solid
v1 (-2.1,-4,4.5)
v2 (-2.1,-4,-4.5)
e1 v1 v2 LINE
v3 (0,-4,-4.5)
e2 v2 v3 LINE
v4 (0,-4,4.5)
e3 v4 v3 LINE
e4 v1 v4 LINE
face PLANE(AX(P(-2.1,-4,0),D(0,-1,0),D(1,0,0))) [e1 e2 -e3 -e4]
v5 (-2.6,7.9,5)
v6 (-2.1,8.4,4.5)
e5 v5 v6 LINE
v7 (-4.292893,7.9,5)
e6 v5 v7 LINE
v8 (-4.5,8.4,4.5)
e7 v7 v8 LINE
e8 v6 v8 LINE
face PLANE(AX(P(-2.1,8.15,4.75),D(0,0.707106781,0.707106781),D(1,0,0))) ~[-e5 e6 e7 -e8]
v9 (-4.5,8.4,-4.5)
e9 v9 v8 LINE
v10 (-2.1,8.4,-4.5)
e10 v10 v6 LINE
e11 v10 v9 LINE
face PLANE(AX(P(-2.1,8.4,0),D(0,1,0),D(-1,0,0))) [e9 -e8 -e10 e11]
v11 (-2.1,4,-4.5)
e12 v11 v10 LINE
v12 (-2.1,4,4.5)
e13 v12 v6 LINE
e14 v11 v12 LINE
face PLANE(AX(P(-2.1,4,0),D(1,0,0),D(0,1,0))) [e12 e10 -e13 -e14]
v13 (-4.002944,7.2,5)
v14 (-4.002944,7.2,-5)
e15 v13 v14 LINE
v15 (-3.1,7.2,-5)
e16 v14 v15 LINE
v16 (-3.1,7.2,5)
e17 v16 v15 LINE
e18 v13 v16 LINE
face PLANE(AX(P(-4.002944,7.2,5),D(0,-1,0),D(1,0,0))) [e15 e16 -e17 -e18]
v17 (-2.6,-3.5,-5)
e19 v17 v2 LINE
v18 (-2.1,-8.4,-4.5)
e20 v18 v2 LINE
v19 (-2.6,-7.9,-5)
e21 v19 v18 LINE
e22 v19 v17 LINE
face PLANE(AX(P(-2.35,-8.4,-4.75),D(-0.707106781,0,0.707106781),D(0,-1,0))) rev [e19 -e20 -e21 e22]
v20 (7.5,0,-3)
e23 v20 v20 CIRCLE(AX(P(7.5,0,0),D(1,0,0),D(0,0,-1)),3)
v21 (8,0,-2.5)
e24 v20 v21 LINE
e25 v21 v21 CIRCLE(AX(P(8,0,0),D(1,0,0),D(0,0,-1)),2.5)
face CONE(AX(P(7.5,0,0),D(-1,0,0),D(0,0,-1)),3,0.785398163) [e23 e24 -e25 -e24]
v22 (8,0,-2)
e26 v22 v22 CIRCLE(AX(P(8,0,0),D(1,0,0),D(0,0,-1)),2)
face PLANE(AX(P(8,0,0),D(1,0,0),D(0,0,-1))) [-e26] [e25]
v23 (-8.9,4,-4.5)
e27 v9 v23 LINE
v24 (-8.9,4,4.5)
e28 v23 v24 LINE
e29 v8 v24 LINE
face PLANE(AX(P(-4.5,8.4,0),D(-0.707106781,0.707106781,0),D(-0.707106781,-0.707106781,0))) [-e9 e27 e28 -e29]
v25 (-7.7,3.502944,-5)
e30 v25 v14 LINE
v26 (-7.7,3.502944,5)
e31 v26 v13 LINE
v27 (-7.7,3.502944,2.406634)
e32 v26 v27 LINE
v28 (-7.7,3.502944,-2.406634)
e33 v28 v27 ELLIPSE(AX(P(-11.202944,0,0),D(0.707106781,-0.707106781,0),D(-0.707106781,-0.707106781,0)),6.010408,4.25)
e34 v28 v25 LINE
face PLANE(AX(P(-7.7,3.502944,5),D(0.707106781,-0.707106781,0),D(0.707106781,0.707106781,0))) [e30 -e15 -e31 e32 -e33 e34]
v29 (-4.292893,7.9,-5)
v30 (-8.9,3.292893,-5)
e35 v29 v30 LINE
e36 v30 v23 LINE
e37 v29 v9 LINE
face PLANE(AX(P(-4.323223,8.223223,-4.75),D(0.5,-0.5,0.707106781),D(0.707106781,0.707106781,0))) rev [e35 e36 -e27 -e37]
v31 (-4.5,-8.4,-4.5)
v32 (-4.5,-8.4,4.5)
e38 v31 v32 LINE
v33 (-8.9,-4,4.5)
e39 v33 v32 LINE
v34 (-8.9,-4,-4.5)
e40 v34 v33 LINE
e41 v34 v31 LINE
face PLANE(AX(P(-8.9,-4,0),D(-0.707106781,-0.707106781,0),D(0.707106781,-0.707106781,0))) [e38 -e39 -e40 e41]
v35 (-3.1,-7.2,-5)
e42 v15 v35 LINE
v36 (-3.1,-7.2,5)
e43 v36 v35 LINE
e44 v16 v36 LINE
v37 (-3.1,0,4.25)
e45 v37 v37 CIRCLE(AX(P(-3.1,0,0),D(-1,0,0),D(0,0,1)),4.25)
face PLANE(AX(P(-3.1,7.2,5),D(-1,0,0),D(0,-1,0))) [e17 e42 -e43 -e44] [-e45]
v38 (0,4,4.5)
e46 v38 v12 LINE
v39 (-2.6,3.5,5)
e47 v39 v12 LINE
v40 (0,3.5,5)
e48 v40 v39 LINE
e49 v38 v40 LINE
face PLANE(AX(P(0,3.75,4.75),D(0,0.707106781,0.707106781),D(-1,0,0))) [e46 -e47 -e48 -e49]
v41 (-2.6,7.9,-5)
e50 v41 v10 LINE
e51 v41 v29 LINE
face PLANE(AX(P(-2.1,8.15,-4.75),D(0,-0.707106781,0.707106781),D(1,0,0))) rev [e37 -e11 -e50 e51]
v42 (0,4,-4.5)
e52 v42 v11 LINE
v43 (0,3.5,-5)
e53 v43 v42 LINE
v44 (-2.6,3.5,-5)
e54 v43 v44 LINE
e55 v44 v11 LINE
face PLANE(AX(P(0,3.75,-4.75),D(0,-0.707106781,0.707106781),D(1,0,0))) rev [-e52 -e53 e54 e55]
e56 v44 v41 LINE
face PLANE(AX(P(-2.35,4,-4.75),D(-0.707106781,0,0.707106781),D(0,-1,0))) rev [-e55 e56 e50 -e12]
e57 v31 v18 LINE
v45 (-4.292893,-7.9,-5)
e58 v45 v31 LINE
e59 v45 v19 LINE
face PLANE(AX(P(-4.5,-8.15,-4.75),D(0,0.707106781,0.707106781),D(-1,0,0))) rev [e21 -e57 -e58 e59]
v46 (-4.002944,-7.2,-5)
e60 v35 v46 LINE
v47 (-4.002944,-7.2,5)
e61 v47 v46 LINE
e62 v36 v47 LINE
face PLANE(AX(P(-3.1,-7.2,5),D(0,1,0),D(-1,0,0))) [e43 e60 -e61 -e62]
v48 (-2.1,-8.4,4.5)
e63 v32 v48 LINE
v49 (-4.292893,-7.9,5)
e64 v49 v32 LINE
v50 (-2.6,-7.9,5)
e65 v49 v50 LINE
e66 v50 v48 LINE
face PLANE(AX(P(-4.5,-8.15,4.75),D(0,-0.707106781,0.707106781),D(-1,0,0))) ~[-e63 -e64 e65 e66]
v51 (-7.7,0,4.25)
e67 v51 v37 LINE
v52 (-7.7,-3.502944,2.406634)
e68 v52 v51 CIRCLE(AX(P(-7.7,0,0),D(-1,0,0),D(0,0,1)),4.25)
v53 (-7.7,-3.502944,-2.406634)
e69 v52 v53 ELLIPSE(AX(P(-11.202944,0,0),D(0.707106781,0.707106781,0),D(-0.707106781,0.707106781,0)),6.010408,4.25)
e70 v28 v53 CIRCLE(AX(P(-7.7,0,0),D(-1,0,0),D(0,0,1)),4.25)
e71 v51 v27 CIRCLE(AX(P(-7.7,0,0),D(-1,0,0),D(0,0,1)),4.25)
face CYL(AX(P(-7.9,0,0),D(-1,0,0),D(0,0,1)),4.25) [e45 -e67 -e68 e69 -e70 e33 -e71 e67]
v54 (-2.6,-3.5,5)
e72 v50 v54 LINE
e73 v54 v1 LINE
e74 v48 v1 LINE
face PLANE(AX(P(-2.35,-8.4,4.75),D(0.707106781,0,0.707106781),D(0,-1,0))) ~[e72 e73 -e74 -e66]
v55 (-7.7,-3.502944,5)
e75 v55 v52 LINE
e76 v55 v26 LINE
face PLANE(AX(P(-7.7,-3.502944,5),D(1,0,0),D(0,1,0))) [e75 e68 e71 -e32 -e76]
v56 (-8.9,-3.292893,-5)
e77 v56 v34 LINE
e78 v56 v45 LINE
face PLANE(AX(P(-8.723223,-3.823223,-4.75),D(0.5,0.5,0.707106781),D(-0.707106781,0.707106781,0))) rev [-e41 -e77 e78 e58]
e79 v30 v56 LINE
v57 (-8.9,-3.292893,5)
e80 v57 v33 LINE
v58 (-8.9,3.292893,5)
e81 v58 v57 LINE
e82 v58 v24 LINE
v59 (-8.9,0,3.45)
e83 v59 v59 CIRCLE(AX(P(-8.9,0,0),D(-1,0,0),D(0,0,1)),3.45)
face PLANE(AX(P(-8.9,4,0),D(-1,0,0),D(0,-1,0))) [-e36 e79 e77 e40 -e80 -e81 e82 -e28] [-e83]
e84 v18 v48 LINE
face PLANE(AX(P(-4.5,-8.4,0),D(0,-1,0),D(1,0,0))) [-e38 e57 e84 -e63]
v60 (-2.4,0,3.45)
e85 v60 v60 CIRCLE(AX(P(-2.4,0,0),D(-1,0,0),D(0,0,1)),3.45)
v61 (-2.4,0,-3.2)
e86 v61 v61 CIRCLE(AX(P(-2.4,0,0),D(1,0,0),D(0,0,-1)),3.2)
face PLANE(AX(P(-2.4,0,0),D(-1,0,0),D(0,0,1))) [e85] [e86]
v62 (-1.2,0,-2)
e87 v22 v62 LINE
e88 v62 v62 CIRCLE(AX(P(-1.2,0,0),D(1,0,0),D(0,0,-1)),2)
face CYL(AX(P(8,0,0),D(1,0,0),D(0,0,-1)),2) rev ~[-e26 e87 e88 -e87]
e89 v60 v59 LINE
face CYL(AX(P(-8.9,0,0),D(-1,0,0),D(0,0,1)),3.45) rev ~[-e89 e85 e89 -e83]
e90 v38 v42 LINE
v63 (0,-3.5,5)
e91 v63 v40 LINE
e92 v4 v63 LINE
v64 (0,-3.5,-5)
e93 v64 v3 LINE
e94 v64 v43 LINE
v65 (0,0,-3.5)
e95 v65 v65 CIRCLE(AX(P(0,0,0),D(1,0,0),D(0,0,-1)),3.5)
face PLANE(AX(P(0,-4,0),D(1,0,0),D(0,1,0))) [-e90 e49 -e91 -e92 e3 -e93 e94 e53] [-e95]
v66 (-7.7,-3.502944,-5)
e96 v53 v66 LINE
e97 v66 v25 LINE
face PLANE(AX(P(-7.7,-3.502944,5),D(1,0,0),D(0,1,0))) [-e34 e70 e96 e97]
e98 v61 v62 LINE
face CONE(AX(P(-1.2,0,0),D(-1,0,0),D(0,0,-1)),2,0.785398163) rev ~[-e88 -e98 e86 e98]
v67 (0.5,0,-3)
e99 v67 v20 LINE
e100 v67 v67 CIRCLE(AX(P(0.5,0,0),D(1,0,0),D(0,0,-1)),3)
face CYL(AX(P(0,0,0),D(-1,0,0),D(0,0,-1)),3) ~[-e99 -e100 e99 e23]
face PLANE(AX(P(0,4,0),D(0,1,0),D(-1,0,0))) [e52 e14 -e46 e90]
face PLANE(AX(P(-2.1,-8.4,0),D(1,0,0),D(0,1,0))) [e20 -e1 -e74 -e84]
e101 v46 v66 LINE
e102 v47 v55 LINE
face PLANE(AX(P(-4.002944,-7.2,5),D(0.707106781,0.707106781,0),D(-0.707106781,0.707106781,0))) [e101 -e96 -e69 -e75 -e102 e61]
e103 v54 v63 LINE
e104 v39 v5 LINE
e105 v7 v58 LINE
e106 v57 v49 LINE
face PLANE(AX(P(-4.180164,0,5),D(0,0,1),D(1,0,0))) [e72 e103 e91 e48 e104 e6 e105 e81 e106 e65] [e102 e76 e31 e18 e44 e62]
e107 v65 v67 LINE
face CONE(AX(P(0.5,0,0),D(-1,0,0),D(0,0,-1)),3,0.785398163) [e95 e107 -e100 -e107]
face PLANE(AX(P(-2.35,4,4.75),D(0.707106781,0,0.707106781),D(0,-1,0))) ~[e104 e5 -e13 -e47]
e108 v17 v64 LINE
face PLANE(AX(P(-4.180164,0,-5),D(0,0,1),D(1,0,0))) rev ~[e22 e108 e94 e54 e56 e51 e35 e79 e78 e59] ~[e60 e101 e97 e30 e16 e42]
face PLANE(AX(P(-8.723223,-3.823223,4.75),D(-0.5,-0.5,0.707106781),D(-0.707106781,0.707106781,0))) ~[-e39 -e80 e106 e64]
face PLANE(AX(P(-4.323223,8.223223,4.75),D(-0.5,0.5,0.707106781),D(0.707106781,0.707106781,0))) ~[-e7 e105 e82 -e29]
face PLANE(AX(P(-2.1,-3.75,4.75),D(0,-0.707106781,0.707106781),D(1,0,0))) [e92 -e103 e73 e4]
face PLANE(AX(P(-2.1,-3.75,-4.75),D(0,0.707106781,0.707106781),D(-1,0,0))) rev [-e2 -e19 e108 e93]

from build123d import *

# Parameters (mm, degrees)
SALIENTE_EXTRUIR1_DEPTH = 5
CROQUIS2_R              = 3
SALIENTE_EXTRUIR2_DEPTH = 8
CHAFL_N1_SIZE           = 0.5
CROQUIS3_R              = 2
CORTAR_EXTRUIR1_DEPTH   = 17.9
CROQUIS4_R              = 3.45
CORTAR_EXTRUIR2_DEPTH   = 6.5
CORTAR_EXTRUIR3_DEPTH   = 11
CHAFL_N2_SIZE           = 0.5
CHAFL_N3_SIZE           = 1.2
SALIENTE_EXTRUIR3_START = -1
CROQUIS6_R              = 4.25
CROQUIS6_R_2            = 3.45
SALIENTE_EXTRUIR3_DEPTH = 4.8


with BuildPart() as part:
    # Croquis1 → Saliente-Extruir1 (new body, symmetric)
    with BuildSketch(Plane.XY):
        Polygon((0, 4), (-2.1, 4), (-2.1, 8.4), (-4.5, 8.4), (-8.9, 4), (-8.9, -4), (-4.5, -8.4), (-2.1, -8.4), (-2.1, -4), (0, -4), align=None)
    extrude(amount=SALIENTE_EXTRUIR1_DEPTH, both=True)

    # Croquis2 → Saliente-Extruir2 (add)
    with BuildSketch(Plane(origin=(0, 0, 0), x_dir=(0, 0, -1), z_dir=(1, 0, 0))):
        Circle(CROQUIS2_R)
    extrude(amount=SALIENTE_EXTRUIR2_DEPTH)

    # Chaflán1
    chafl_n1_edges = [part.edges().sort_by_distance(p)[0] for p in [
        (0, 0, 3),
        (8, 0, 3),
    ]]
    chamfer(chafl_n1_edges, length=CHAFL_N1_SIZE)

    # Croquis3 → Cortar-Extruir1 (cut, through all)
    with BuildSketch(Plane(origin=(8, 0, 0), x_dir=(0, 0, -1), z_dir=(1, 0, 0))):
        Circle(CROQUIS3_R)
    extrude(amount=-CORTAR_EXTRUIR1_DEPTH, mode=Mode.SUBTRACT)

    # Croquis4 → Cortar-Extruir2 (cut)
    with BuildSketch(Plane.ZY.offset(8.9)):
        Circle(CROQUIS4_R)
    extrude(amount=-CORTAR_EXTRUIR2_DEPTH, mode=Mode.SUBTRACT)

    # Croquis5 → Cortar-Extruir3 (cut, through all)
    with BuildSketch(Plane.XY.offset(5)):
        Polygon((-3.1, 7.2), (-3.1, -7.2), (-4.002943725, -7.2), (-7.7, -3.502943725), (-7.7, 3.502943725), (-4.002943725, 7.2), align=None)
    extrude(amount=-CORTAR_EXTRUIR3_DEPTH, mode=Mode.SUBTRACT)

    # Chaflán2
    chafl_n2_edges = [part.edges().sort_by_distance(p)[0] for p in [
        (-1.05, -4, -5),
        (-2.1, -6.2, -5),
        (-3.3, -8.4, -5),
        (-6.7, -6.2, -5),
        (-6.7, 6.2, -5),
        (-3.3, 8.4, -5),
        (-2.1, 6.2, 5),
        (-2.1, 6.2, -5),
        (-1.05, 4, -5),
        (-3.3, 8.4, 5),
        (-6.7, 6.2, 5),
        (-6.7, -6.2, 5),
        (-3.3, -8.4, 5),
        (-2.1, -6.2, 5),
        (-1.05, -4, 5),
        (-1.05, 4, 5),
    ]]
    chamfer(chafl_n2_edges, length=CHAFL_N2_SIZE)

    # Chaflán3
    chafl_n3_edges = [part.edges().sort_by_distance(p)[0] for p in [
        (-2.4, 0, 2),
    ]]
    chamfer(chafl_n3_edges, length=CHAFL_N3_SIZE)

    # Croquis6 → Saliente-Extruir3 (add)
    with BuildSketch(Plane.ZY.offset(8.9).offset(SALIENTE_EXTRUIR3_START)):
        Circle(CROQUIS6_R)
        Circle(CROQUIS6_R_2, mode=Mode.SUBTRACT)
    extrude(amount=-SALIENTE_EXTRUIR3_DEPTH)


solid = part.part
